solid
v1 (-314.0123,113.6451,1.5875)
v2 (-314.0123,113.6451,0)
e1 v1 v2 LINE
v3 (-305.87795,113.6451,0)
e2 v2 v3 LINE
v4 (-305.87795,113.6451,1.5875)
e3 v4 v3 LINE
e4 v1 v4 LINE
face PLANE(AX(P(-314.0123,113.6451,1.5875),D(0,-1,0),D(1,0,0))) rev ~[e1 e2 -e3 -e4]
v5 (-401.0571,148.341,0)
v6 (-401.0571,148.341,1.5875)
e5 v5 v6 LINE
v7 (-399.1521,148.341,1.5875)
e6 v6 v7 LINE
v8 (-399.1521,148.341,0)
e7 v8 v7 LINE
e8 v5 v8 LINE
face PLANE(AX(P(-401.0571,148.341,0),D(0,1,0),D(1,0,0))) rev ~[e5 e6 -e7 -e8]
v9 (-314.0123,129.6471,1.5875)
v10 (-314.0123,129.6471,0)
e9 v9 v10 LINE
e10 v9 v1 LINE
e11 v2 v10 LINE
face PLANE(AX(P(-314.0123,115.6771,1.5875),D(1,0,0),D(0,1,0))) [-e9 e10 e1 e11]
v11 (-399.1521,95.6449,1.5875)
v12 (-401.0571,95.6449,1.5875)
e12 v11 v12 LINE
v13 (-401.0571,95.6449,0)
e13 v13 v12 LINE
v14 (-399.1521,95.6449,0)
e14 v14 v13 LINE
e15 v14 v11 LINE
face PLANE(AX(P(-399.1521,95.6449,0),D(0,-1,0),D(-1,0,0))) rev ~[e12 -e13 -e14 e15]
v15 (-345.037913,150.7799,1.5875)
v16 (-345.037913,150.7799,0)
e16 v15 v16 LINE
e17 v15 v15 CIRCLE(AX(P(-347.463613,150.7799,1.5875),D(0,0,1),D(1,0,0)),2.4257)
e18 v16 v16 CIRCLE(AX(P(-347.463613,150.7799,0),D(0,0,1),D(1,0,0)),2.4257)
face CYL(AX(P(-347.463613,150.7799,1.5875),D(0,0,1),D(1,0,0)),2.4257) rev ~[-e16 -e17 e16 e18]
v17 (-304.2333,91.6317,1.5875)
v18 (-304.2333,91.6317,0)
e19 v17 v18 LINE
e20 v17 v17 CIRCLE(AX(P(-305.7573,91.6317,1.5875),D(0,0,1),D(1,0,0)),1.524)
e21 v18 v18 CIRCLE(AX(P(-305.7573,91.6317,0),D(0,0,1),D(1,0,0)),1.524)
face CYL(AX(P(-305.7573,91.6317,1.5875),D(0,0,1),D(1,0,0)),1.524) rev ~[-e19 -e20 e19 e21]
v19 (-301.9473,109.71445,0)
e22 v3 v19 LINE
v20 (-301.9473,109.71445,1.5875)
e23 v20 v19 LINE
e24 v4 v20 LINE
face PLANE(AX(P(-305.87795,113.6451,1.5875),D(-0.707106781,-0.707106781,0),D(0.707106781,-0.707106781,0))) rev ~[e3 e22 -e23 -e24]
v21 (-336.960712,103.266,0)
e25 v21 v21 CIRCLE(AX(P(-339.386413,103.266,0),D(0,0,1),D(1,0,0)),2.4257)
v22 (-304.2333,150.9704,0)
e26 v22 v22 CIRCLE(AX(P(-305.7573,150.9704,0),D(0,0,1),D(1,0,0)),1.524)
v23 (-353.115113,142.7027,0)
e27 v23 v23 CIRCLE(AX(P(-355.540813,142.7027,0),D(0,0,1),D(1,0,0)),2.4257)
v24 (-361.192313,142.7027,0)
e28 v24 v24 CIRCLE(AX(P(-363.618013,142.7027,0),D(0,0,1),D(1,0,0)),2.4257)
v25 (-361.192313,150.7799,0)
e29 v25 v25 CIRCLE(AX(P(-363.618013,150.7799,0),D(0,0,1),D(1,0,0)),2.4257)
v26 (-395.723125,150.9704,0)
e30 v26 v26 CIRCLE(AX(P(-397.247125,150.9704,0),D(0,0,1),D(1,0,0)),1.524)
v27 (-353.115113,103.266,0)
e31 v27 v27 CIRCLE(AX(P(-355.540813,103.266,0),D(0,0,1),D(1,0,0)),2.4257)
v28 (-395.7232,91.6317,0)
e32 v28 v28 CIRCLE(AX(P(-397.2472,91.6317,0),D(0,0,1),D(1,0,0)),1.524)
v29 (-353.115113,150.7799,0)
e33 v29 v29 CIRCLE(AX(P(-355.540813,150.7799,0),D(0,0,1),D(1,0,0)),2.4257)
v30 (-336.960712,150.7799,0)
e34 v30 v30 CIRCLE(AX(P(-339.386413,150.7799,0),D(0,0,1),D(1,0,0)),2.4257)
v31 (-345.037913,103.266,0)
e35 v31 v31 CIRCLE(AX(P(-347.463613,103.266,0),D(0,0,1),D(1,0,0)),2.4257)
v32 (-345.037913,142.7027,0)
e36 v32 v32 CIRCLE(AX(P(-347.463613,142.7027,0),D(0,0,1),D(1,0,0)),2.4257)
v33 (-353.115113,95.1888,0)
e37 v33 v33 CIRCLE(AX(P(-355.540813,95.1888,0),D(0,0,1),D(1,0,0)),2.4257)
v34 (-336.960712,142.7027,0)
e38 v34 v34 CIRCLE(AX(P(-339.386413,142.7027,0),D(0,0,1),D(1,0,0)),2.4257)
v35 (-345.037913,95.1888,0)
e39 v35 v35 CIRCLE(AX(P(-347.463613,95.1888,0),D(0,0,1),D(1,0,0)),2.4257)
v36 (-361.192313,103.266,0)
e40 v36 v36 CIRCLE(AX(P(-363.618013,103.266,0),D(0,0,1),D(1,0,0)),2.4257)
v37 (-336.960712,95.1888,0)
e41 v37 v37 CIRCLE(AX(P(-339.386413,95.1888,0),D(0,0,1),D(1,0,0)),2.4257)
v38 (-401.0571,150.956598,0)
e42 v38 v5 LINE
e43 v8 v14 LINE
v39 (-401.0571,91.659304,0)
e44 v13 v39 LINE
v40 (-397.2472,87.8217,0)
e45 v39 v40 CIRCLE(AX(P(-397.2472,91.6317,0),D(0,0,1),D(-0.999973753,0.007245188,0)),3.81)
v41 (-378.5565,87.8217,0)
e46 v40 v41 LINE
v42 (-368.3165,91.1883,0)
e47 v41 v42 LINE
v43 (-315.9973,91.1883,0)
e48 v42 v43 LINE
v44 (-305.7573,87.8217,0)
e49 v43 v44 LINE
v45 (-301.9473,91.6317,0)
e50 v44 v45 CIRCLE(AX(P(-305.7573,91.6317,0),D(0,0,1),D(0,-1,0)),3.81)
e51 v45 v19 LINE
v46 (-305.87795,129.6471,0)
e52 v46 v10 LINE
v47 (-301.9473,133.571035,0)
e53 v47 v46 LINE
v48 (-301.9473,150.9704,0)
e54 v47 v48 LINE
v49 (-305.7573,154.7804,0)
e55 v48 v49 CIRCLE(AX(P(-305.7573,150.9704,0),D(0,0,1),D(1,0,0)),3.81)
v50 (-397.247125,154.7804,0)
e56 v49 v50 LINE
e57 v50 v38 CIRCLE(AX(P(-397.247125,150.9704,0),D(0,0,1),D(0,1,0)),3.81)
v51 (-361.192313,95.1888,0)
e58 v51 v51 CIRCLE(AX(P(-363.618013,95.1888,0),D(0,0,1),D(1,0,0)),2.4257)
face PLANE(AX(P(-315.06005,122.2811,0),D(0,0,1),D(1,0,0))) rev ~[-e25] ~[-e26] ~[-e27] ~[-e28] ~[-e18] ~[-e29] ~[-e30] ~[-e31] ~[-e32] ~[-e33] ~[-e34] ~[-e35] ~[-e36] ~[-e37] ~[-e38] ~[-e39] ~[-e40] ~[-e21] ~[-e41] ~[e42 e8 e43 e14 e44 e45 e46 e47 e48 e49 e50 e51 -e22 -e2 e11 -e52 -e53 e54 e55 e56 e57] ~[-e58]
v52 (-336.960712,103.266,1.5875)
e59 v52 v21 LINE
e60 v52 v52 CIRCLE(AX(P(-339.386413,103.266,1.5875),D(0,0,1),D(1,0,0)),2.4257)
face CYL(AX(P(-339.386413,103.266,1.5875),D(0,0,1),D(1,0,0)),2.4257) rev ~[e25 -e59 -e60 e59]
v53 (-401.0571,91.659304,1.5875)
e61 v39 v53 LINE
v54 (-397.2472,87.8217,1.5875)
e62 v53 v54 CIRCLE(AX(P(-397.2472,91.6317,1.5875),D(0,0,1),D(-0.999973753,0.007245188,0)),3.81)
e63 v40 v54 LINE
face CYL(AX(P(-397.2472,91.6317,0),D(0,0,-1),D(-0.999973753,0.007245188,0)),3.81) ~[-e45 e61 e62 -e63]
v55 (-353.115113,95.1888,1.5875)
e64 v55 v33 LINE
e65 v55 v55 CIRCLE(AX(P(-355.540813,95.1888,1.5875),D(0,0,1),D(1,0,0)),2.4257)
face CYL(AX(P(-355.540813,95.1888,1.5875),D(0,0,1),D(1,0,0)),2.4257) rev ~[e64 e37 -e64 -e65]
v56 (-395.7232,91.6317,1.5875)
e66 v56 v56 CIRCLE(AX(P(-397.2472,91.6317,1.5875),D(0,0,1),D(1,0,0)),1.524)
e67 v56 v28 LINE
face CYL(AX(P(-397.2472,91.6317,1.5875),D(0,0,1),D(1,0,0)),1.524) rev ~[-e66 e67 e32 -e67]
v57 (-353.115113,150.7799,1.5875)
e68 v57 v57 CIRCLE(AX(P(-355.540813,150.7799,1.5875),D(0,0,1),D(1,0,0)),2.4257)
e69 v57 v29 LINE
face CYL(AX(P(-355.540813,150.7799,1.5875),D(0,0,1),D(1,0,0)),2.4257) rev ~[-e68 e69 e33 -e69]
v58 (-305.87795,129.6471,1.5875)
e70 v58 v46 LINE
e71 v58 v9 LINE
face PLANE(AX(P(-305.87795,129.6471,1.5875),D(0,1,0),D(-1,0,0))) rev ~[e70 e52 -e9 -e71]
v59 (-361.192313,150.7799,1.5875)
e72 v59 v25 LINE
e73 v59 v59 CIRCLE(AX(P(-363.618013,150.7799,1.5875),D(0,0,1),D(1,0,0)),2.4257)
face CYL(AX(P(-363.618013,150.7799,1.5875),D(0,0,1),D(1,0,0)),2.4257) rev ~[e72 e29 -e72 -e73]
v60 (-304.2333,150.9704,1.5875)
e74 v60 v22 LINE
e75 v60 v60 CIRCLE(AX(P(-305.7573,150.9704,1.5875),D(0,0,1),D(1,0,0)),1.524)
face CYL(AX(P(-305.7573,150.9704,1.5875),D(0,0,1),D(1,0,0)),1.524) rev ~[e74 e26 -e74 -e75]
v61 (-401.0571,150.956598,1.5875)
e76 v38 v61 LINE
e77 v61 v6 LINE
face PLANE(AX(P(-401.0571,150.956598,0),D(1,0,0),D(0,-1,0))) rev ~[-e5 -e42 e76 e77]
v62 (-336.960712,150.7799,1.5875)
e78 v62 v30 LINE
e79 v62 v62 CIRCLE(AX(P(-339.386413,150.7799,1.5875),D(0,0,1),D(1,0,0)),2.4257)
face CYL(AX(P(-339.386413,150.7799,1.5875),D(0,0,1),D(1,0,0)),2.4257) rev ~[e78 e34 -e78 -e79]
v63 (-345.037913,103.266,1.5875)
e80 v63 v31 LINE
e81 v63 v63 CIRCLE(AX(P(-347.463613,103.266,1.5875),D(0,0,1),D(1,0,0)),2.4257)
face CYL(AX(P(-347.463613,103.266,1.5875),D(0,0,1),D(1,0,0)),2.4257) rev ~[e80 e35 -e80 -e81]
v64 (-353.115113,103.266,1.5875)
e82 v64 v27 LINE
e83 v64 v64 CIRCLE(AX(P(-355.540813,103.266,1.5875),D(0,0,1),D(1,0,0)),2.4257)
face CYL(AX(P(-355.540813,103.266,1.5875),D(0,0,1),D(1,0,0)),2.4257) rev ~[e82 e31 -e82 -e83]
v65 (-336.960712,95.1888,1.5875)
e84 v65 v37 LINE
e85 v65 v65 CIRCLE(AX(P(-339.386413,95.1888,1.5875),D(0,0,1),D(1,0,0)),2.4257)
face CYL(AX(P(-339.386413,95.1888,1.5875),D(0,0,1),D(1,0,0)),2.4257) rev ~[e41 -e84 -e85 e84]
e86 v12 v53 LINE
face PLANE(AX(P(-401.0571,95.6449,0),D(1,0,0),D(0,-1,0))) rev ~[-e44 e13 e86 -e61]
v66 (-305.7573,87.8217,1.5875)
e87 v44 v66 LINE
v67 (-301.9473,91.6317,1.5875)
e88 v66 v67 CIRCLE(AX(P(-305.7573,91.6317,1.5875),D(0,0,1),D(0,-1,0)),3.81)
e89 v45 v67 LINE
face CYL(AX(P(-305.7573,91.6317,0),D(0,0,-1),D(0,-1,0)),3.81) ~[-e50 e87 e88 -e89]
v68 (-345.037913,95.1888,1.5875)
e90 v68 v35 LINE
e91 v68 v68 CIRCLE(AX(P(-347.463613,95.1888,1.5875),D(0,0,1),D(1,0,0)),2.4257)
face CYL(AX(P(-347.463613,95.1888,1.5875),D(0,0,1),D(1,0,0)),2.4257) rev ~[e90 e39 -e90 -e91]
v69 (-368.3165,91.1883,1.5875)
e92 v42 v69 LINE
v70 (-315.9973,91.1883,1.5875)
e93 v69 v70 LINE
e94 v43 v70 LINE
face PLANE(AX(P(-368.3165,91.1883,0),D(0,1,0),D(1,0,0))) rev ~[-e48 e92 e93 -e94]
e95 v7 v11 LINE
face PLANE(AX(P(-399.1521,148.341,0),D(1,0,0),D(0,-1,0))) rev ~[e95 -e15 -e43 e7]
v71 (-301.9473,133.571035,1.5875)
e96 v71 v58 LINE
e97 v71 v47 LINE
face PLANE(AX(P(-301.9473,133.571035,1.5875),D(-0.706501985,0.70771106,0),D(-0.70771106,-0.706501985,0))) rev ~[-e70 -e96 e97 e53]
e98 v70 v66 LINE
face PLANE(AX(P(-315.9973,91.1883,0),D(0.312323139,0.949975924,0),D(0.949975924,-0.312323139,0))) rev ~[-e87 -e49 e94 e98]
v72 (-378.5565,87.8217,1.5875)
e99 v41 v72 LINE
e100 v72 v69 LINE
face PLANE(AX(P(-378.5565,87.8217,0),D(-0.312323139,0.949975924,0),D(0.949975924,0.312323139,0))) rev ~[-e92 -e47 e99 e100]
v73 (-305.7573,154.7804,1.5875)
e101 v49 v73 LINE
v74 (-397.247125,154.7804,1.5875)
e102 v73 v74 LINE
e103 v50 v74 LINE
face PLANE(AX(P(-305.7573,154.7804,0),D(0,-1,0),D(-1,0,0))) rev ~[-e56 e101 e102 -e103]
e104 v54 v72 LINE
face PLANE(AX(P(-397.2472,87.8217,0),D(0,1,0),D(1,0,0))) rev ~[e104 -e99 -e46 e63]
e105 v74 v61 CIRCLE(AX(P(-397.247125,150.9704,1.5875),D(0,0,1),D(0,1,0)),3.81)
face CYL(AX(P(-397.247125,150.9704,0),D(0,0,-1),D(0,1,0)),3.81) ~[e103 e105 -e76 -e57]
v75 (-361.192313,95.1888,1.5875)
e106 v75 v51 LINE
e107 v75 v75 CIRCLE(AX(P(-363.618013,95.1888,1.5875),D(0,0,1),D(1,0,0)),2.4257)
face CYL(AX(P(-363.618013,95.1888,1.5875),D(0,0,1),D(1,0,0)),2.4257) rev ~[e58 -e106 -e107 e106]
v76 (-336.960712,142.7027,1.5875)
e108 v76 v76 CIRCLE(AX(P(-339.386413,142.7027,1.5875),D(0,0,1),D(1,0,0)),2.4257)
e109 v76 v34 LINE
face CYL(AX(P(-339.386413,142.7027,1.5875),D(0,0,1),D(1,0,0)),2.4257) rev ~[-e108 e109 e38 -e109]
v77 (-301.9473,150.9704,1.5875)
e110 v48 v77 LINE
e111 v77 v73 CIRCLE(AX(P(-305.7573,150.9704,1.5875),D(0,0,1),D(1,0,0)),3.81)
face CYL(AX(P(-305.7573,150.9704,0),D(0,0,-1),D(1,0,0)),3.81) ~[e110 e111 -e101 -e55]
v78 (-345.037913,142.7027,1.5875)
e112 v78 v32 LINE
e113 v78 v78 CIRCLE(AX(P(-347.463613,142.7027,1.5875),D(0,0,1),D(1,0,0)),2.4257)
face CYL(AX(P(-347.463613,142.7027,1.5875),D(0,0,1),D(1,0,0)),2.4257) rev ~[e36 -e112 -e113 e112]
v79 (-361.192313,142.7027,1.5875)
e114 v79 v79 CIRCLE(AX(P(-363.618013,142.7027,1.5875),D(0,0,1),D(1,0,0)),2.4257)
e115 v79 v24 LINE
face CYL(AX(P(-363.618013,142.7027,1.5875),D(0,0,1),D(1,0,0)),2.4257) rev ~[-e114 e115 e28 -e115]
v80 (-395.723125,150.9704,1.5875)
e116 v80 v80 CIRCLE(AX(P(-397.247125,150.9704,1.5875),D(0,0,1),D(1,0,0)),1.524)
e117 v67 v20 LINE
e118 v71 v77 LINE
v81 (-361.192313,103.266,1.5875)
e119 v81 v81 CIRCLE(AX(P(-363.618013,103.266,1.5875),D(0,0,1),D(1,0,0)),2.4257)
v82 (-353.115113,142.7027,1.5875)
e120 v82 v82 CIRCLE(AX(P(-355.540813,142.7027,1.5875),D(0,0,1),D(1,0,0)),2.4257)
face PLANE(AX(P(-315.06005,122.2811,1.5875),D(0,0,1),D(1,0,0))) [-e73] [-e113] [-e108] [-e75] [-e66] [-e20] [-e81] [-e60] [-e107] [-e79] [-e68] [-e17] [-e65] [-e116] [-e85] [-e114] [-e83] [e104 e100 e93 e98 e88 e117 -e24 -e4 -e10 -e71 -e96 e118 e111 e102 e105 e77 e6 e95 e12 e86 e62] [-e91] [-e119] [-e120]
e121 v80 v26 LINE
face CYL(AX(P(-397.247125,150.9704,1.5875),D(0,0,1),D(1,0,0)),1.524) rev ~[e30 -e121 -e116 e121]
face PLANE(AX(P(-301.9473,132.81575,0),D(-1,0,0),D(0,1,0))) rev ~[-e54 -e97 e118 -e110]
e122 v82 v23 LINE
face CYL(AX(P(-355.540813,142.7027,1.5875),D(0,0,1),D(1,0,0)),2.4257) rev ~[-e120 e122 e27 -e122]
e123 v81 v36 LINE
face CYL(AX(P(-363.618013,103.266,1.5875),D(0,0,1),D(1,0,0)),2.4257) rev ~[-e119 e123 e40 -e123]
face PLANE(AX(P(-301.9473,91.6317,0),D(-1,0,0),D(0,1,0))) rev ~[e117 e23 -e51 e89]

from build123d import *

# Parameters (mm, degrees)
SKETCH1_R           = 1.355900406
BOSS_EXTRUDE1_DEPTH = 1.5875
SKETCH3_R           = 1.524
CUT_EXTRUDE1_DEPTH  = 2.5875
SKETCH5_W           = 2.0955
SKETCH5_H           = 13.208
BOSS_EXTRUDE3_DEPTH = 1.5875
CUT_EXTRUDE2_DEPTH  = 2.5875
SKETCH8_R           = 2.4257
CUT_EXTRUDE3_DEPTH  = 2.5875


with BuildPart() as part:
    # Sketch1 → Boss-Extrude1 (new body)
    with BuildSketch(Plane.XY):
        with BuildLine():
            Line((-301.9473, 111.74645), (-305.87795, 115.6771))
            Line((-305.87795, 115.6771), (-316.1078, 115.6771))
            Line((-316.1078, 115.6771), (-316.1078, 128.8851))
            Line((-316.1078, 128.8851), (-305.87795, 128.8851))
            Line((-305.87795, 128.8851), (-301.9473, 132.81575))
            Line((-301.9473, 132.81575), (-301.9473, 150.9704))
            ThreePointArc((-301.9473, 150.9704), (-303.063223164, 153.664476836), (-305.7573, 154.7804))
            Line((-305.7573, 154.7804), (-397.247125, 154.7804))
            ThreePointArc((-397.247125, 154.7804), (-399.946077222, 153.659592612), (-401.0571, 150.956597849))
            Line((-401.0571, 150.956597849), (-401.0571, 148.341))
            Line((-401.0571, 148.341), (-399.1521, 148.341))
            Line((-399.1521, 148.341), (-399.1521, 95.6449))
            Line((-399.1521, 95.6449), (-401.0571, 95.6449))
            Line((-401.0571, 95.6449), (-401.0571, 91.659304166))
            ThreePointArc((-401.0571, 91.659304166), (-399.951018769, 88.947400452), (-397.2472, 87.8217))
            Line((-397.2472, 87.8217), (-378.5565, 87.8217))
            Line((-378.5565, 87.8217), (-368.3165, 91.1883))
            Line((-368.3165, 91.1883), (-315.9973, 91.1883))
            Line((-315.9973, 91.1883), (-305.7573, 87.8217))
            ThreePointArc((-305.7573, 87.8217), (-303.063223164, 88.937623164), (-301.9473, 91.6317))
            Line((-301.9473, 91.6317), (-301.9473, 111.74645))
        make_face()
        with Locations((-305.7573, 91.6317)):
            Circle(SKETCH1_R, mode=Mode.SUBTRACT)
        with Locations((-305.7573, 150.9704)):
            Circle(SKETCH1_R, mode=Mode.SUBTRACT)
        with Locations((-397.247125, 150.9704)):
            Circle(SKETCH1_R, mode=Mode.SUBTRACT)
        with Locations((-397.2472, 91.6317)):
            Circle(SKETCH1_R, mode=Mode.SUBTRACT)
    extrude(amount=BOSS_EXTRUDE1_DEPTH)

    # Sketch3 → Cut-Extrude1 (cut, through all)
    with BuildSketch(Plane.XY.offset(1.5875)):
        with Locations((-397.247125, 150.9704)):
            Circle(SKETCH3_R)
        with Locations((-305.7573, 150.9704)):
            Circle(SKETCH3_R)
        with Locations((-305.7573, 91.6317)):
            Circle(SKETCH3_R)
        with Locations((-397.2472, 91.6317)):
            Circle(SKETCH3_R)
    extrude(amount=-CUT_EXTRUDE1_DEPTH, mode=Mode.SUBTRACT)

    # Sketch5 → Boss-Extrude3 (add)
    with BuildSketch(Plane.XY.offset(1.5875)):
        with Locations((-315.06005, 122.2811)):
            Rectangle(SKETCH5_W, SKETCH5_H)
    extrude(amount=-BOSS_EXTRUDE3_DEPTH)

    # Sketch4 → Cut-Extrude2 (cut, through all)
    with BuildSketch(Plane.XY.offset(1.5875)):
        Polygon((-301.9473, 133.571034757), (-305.87795, 129.6471), (-314.0123, 129.6471), (-314.0123, 113.6451), (-305.87795, 113.6451), (-301.9473, 109.71445), align=None)
    extrude(amount=-CUT_EXTRUDE2_DEPTH, mode=Mode.SUBTRACT)

    # Sketch8 → Cut-Extrude3 (cut, through all)
    with BuildSketch(Plane.XY.offset(1.5875)):
        with Locations((-363.6180125, 150.7799)):
            Circle(SKETCH8_R)
        with Locations((-355.5408125, 150.7799)):
            Circle(SKETCH8_R)
        with Locations((-347.4636125, 150.7799)):
            Circle(SKETCH8_R)
        with Locations((-339.3864125, 150.7799)):
            Circle(SKETCH8_R)
        with Locations((-339.3864125, 142.7027)):
            Circle(SKETCH8_R)
        with Locations((-347.4636125, 142.7027)):
            Circle(SKETCH8_R)
        with Locations((-355.5408125, 142.7027)):
            Circle(SKETCH8_R)
        with Locations((-363.6180125, 142.7027)):
            Circle(SKETCH8_R)
        with Locations((-363.6180125, 95.1888)):
            Circle(SKETCH8_R)
        with Locations((-339.3864125, 95.1888)):
            Circle(SKETCH8_R)
        with Locations((-347.4636125, 95.1888)):
            Circle(SKETCH8_R)
        with Locations((-355.5408125, 95.1888)):
            Circle(SKETCH8_R)
        with Locations((-363.6180125, 103.266)):
            Circle(SKETCH8_R)
        with Locations((-355.5408125, 103.266)):
            Circle(SKETCH8_R)
        with Locations((-347.4636125, 103.266)):
            Circle(SKETCH8_R)
        with Locations((-339.3864125, 103.266)):
            Circle(SKETCH8_R)
    extrude(amount=-CUT_EXTRUDE3_DEPTH, mode=Mode.SUBTRACT)


solid = part.part
